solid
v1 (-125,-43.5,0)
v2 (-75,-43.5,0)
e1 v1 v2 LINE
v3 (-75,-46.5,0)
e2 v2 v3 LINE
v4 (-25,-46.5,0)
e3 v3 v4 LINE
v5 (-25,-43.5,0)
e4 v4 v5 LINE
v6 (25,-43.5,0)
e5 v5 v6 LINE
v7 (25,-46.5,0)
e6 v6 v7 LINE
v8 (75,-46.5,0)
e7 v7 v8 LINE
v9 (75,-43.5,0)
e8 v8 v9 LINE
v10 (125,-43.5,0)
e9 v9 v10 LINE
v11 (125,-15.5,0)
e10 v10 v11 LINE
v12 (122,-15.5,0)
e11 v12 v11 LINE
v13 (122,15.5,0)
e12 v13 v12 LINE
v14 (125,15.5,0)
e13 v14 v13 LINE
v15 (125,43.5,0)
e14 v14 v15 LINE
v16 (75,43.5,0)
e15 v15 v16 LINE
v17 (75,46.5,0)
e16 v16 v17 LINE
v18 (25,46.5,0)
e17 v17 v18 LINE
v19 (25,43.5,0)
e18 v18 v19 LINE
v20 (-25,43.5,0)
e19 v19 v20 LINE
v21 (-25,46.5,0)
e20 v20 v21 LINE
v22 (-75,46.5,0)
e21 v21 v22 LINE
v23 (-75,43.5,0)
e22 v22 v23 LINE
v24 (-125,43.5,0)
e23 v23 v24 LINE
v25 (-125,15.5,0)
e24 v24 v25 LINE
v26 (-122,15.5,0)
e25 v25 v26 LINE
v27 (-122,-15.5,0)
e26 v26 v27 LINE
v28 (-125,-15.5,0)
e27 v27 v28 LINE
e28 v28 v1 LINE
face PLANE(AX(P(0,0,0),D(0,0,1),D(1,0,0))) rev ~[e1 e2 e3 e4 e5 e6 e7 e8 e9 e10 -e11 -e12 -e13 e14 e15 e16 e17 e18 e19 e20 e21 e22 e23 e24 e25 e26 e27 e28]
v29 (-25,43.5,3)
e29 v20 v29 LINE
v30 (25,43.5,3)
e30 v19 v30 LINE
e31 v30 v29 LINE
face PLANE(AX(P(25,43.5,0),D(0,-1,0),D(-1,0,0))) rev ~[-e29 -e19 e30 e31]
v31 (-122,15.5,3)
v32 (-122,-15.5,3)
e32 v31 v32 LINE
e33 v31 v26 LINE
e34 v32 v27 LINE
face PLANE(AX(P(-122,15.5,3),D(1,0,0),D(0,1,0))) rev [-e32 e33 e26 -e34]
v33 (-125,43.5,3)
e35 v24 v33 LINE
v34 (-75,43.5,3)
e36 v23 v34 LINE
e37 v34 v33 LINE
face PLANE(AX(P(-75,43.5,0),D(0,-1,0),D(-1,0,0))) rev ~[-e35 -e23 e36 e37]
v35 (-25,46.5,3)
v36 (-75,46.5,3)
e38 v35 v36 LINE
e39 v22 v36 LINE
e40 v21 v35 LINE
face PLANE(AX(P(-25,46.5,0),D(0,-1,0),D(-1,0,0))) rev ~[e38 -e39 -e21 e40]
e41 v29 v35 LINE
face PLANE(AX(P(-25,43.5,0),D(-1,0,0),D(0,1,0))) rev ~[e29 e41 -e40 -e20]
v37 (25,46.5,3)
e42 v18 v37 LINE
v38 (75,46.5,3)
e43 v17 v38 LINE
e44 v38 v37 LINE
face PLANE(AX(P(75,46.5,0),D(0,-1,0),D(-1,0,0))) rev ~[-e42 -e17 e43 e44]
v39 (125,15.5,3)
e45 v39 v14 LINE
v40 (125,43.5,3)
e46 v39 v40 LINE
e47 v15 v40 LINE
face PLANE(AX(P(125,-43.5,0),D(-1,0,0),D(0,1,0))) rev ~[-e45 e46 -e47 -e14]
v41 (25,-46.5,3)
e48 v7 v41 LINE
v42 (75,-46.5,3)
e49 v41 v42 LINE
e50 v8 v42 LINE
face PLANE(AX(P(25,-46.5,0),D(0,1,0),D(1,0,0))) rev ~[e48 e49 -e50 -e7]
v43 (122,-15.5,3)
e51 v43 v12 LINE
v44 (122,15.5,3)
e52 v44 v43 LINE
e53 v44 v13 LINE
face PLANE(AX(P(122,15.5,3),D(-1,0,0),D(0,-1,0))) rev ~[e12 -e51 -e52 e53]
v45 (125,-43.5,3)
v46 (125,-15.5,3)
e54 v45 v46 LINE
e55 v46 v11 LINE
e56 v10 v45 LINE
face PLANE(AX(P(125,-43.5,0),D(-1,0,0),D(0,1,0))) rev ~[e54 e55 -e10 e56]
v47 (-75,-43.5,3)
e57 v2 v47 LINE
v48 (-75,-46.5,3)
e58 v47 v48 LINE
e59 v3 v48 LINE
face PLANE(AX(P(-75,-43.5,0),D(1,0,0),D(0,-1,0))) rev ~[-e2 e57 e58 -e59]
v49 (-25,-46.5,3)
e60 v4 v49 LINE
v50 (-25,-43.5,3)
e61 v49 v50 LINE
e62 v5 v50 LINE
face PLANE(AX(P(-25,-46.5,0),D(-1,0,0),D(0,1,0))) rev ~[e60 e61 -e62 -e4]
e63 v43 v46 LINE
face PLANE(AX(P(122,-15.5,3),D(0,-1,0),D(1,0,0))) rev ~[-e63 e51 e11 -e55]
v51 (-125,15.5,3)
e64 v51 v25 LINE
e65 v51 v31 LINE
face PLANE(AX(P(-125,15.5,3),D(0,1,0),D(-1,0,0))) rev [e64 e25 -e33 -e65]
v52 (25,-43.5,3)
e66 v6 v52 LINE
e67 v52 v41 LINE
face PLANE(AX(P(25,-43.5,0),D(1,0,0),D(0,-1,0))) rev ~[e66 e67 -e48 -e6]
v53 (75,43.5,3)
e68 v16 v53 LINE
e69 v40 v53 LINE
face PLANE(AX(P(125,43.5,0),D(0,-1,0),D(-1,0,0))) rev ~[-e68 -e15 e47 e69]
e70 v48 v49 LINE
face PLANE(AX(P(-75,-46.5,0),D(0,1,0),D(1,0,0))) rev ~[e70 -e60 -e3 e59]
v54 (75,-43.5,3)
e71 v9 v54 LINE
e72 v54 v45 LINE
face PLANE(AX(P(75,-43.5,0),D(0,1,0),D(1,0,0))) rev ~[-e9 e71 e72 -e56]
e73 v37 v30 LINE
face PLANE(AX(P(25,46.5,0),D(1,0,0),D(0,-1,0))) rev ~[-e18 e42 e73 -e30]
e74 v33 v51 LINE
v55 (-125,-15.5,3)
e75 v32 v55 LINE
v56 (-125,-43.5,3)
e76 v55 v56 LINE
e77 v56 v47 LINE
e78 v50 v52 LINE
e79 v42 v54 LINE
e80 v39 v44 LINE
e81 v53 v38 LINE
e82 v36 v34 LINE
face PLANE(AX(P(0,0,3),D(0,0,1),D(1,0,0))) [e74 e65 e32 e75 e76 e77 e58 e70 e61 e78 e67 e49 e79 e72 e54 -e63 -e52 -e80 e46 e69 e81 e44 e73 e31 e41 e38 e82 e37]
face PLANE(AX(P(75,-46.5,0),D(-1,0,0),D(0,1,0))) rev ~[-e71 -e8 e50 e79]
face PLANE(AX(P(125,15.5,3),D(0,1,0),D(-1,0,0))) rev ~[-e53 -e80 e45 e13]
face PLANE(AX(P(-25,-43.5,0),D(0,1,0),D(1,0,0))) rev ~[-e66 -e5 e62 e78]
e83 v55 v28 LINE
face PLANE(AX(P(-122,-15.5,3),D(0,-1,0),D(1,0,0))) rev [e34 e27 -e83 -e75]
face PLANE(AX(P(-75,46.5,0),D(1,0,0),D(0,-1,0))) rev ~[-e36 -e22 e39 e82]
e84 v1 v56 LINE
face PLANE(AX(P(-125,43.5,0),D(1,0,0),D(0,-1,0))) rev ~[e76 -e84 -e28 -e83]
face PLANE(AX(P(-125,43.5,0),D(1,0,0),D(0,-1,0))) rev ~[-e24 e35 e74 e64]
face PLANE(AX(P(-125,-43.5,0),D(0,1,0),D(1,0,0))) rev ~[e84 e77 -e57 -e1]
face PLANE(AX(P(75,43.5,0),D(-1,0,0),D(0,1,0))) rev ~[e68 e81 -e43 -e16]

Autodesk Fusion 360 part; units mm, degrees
sketch "Sketch1" plane through (0, 0, 0) normal (0, 0, 1) x (1, 0, 0)
  line L0 (125, 46.5) -> (-125, 46.5)
  line L1 (-125, 46.5) -> (-125, -46.5)
  line L2 (-125, -46.5) -> (125, -46.5)
  line L3 (125, -46.5) -> (125, 46.5)
  line L4 (125, 46.5) -> (-125, -46.5) construction
  line L5 (-125, 46.5) -> (125, -46.5) construction
  line L6 (-125, 46.5) -> (-75, 46.5)
  line L7 (-75, 46.5) -> (-75, 43.5)
  line L8 (-75, 43.5) -> (-125, 43.5)
  line L9 (-125, 43.5) -> (-125, 46.5)
  line L10 (25, 43.5) -> (-25, 43.5)
  line L11 (-25, 46.5) -> (25, 46.5)
  line L12 (25, 46.5) -> (25, 43.5)
  line L13 (-25, 43.5) -> (-25, 46.5)
  line L14 (125, 43.5) -> (75, 43.5)
  line L15 (75, 46.5) -> (125, 46.5)
  line L16 (125, 46.5) -> (125, 43.5)
  line L17 (75, 43.5) -> (75, 46.5)
  line L18 (-75, -46.5) -> (-125, -46.5)
  line L19 (-125, -43.5) -> (-75, -43.5)
  line L20 (-75, -43.5) -> (-75, -46.5)
  line L21 (-125, -46.5) -> (-125, -43.5)
  line L22 (25, -46.5) -> (-25, -46.5)
  line L23 (-25, -43.5) -> (25, -43.5)
  line L24 (25, -43.5) -> (25, -46.5)
  line L25 (-25, -46.5) -> (-25, -43.5)
  line L26 (125, -46.5) -> (75, -46.5)
  line L27 (75, -43.5) -> (125, -43.5)
  line L28 (125, -43.5) -> (125, -46.5)
  line L29 (75, -46.5) -> (75, -43.5)
  dimension "d1" = 250
  dimension "d2" = 93
  dimension "d13" = 50
  dimension "d14" = 3
  dimension "d17" = 200
  dimension "d18" = -90
extrude "Extrude3" add sketch "Sketch1" along normal blind 3 contours L0 L1 L2 L3 L7 L8 L10 L12 L13 L14 L17 L19 L20 L23 L24 L25 L27 L29
sketch "Sketch3" plane through (0, 0, 3) normal (0, 0, 1) x (-1, 0, 0)
  line L0 (-75, 46.5) -> (-75, 43.5)
  line L1 (-75, 43.5) -> (-125, 43.5)
  line L2 (-125, 43.5) -> (-125, -43.5)
  line L3 (-125, -43.5) -> (-75, -43.5)
  line L4 (-75, -43.5) -> (-75, -46.5)
  line L5 (-75, -46.5) -> (-25, -46.5)
  line L6 (-25, -46.5) -> (-25, -43.5)
  line L7 (-25, -43.5) -> (25, -43.5)
  line L8 (25, -43.5) -> (25, -46.5)
  line L9 (25, -46.5) -> (75, -46.5)
  line L10 (75, -46.5) -> (75, -43.5)
  line L11 (75, -43.5) -> (125, -43.5)
  line L12 (125, -43.5) -> (125, 43.5)
  line L13 (125, 43.5) -> (75, 43.5)
  line L14 (75, 43.5) -> (75, 46.5)
  line L15 (75, 46.5) -> (25, 46.5)
  line L16 (25, 46.5) -> (25, 43.5)
  line L17 (25, 43.5) -> (-25, 43.5)
  line L18 (-25, 43.5) -> (-25, 46.5)
  line L19 (-25, 46.5) -> (-75, 46.5)
  line L20 (-121.1564, -43.5) -> (-121.1564, -15.5) construction
  line L21 (-121.1564, 43.5) -> (-121.1564, 15.5) construction
  line L22 (-125, -15.5) -> (-122, -15.5)
  line L23 (-122, -15.5) -> (-122, 15.5)
  line L24 (-122, 15.5) -> (-125, 15.5)
  line L25 (-125, 15.5) -> (-125, -15.5)
  dimension "d21" = 28
  dimension "d22" = 28
  dimension "d23" = 3
  dimension "d24" = 31
extrude "Extrude4" cut sketch "Sketch3" against normal blind 6 contours L2 L22 L23 L24 L25
mirror "Mirror1" about plane through (0, 0, 0) normal (1, 0, 0) of "Extrude4"
sketch "Sketch4" plane through (0, 0, 3) normal (0, 0, 1) x (-1, 0, 0)
  line L0 (122, 15.5) -> (125, 15.5)
  line L1 (125, 15.5) -> (125, 43.5)
  line L2 (125, 43.5) -> (75, 43.5)
  line L3 (75, 43.5) -> (75, 46.5)
  line L4 (75, 46.5) -> (25, 46.5)
  line L5 (25, 46.5) -> (25, 43.5)
  line L6 (25, 43.5) -> (-25, 43.5)
  line L7 (-25, 43.5) -> (-25, 46.5)
  line L8 (-25, 46.5) -> (-75, 46.5)
  line L9 (-75, 46.5) -> (-75, 43.5)
  line L10 (-75, 43.5) -> (-125, 43.5)
  line L11 (-125, 43.5) -> (-125, 15.5)
  line L12 (-125, 15.5) -> (-122, 15.5)
  line L13 (-122, 15.5) -> (-122, -15.5)
  line L14 (-122, -15.5) -> (-125, -15.5)
  line L15 (-125, -15.5) -> (-125, -43.5)
  line L16 (-125, -43.5) -> (-75, -43.5)
  line L17 (-75, -43.5) -> (-75, -46.5)
  line L18 (-75, -46.5) -> (-25, -46.5)
  line L19 (-25, -46.5) -> (-25, -43.5)
  line L20 (-25, -43.5) -> (25, -43.5)
  line L21 (25, -43.5) -> (25, -46.5)
  line L22 (25, -46.5) -> (75, -46.5)
  line L23 (75, -46.5) -> (75, -43.5)
  line L24 (75, -43.5) -> (125, -43.5)
  line L25 (125, -43.5) -> (125, -15.5)
  line L26 (125, -15.5) -> (122, -15.5)
  line L27 (122, -15.5) -> (122, 15.5)
